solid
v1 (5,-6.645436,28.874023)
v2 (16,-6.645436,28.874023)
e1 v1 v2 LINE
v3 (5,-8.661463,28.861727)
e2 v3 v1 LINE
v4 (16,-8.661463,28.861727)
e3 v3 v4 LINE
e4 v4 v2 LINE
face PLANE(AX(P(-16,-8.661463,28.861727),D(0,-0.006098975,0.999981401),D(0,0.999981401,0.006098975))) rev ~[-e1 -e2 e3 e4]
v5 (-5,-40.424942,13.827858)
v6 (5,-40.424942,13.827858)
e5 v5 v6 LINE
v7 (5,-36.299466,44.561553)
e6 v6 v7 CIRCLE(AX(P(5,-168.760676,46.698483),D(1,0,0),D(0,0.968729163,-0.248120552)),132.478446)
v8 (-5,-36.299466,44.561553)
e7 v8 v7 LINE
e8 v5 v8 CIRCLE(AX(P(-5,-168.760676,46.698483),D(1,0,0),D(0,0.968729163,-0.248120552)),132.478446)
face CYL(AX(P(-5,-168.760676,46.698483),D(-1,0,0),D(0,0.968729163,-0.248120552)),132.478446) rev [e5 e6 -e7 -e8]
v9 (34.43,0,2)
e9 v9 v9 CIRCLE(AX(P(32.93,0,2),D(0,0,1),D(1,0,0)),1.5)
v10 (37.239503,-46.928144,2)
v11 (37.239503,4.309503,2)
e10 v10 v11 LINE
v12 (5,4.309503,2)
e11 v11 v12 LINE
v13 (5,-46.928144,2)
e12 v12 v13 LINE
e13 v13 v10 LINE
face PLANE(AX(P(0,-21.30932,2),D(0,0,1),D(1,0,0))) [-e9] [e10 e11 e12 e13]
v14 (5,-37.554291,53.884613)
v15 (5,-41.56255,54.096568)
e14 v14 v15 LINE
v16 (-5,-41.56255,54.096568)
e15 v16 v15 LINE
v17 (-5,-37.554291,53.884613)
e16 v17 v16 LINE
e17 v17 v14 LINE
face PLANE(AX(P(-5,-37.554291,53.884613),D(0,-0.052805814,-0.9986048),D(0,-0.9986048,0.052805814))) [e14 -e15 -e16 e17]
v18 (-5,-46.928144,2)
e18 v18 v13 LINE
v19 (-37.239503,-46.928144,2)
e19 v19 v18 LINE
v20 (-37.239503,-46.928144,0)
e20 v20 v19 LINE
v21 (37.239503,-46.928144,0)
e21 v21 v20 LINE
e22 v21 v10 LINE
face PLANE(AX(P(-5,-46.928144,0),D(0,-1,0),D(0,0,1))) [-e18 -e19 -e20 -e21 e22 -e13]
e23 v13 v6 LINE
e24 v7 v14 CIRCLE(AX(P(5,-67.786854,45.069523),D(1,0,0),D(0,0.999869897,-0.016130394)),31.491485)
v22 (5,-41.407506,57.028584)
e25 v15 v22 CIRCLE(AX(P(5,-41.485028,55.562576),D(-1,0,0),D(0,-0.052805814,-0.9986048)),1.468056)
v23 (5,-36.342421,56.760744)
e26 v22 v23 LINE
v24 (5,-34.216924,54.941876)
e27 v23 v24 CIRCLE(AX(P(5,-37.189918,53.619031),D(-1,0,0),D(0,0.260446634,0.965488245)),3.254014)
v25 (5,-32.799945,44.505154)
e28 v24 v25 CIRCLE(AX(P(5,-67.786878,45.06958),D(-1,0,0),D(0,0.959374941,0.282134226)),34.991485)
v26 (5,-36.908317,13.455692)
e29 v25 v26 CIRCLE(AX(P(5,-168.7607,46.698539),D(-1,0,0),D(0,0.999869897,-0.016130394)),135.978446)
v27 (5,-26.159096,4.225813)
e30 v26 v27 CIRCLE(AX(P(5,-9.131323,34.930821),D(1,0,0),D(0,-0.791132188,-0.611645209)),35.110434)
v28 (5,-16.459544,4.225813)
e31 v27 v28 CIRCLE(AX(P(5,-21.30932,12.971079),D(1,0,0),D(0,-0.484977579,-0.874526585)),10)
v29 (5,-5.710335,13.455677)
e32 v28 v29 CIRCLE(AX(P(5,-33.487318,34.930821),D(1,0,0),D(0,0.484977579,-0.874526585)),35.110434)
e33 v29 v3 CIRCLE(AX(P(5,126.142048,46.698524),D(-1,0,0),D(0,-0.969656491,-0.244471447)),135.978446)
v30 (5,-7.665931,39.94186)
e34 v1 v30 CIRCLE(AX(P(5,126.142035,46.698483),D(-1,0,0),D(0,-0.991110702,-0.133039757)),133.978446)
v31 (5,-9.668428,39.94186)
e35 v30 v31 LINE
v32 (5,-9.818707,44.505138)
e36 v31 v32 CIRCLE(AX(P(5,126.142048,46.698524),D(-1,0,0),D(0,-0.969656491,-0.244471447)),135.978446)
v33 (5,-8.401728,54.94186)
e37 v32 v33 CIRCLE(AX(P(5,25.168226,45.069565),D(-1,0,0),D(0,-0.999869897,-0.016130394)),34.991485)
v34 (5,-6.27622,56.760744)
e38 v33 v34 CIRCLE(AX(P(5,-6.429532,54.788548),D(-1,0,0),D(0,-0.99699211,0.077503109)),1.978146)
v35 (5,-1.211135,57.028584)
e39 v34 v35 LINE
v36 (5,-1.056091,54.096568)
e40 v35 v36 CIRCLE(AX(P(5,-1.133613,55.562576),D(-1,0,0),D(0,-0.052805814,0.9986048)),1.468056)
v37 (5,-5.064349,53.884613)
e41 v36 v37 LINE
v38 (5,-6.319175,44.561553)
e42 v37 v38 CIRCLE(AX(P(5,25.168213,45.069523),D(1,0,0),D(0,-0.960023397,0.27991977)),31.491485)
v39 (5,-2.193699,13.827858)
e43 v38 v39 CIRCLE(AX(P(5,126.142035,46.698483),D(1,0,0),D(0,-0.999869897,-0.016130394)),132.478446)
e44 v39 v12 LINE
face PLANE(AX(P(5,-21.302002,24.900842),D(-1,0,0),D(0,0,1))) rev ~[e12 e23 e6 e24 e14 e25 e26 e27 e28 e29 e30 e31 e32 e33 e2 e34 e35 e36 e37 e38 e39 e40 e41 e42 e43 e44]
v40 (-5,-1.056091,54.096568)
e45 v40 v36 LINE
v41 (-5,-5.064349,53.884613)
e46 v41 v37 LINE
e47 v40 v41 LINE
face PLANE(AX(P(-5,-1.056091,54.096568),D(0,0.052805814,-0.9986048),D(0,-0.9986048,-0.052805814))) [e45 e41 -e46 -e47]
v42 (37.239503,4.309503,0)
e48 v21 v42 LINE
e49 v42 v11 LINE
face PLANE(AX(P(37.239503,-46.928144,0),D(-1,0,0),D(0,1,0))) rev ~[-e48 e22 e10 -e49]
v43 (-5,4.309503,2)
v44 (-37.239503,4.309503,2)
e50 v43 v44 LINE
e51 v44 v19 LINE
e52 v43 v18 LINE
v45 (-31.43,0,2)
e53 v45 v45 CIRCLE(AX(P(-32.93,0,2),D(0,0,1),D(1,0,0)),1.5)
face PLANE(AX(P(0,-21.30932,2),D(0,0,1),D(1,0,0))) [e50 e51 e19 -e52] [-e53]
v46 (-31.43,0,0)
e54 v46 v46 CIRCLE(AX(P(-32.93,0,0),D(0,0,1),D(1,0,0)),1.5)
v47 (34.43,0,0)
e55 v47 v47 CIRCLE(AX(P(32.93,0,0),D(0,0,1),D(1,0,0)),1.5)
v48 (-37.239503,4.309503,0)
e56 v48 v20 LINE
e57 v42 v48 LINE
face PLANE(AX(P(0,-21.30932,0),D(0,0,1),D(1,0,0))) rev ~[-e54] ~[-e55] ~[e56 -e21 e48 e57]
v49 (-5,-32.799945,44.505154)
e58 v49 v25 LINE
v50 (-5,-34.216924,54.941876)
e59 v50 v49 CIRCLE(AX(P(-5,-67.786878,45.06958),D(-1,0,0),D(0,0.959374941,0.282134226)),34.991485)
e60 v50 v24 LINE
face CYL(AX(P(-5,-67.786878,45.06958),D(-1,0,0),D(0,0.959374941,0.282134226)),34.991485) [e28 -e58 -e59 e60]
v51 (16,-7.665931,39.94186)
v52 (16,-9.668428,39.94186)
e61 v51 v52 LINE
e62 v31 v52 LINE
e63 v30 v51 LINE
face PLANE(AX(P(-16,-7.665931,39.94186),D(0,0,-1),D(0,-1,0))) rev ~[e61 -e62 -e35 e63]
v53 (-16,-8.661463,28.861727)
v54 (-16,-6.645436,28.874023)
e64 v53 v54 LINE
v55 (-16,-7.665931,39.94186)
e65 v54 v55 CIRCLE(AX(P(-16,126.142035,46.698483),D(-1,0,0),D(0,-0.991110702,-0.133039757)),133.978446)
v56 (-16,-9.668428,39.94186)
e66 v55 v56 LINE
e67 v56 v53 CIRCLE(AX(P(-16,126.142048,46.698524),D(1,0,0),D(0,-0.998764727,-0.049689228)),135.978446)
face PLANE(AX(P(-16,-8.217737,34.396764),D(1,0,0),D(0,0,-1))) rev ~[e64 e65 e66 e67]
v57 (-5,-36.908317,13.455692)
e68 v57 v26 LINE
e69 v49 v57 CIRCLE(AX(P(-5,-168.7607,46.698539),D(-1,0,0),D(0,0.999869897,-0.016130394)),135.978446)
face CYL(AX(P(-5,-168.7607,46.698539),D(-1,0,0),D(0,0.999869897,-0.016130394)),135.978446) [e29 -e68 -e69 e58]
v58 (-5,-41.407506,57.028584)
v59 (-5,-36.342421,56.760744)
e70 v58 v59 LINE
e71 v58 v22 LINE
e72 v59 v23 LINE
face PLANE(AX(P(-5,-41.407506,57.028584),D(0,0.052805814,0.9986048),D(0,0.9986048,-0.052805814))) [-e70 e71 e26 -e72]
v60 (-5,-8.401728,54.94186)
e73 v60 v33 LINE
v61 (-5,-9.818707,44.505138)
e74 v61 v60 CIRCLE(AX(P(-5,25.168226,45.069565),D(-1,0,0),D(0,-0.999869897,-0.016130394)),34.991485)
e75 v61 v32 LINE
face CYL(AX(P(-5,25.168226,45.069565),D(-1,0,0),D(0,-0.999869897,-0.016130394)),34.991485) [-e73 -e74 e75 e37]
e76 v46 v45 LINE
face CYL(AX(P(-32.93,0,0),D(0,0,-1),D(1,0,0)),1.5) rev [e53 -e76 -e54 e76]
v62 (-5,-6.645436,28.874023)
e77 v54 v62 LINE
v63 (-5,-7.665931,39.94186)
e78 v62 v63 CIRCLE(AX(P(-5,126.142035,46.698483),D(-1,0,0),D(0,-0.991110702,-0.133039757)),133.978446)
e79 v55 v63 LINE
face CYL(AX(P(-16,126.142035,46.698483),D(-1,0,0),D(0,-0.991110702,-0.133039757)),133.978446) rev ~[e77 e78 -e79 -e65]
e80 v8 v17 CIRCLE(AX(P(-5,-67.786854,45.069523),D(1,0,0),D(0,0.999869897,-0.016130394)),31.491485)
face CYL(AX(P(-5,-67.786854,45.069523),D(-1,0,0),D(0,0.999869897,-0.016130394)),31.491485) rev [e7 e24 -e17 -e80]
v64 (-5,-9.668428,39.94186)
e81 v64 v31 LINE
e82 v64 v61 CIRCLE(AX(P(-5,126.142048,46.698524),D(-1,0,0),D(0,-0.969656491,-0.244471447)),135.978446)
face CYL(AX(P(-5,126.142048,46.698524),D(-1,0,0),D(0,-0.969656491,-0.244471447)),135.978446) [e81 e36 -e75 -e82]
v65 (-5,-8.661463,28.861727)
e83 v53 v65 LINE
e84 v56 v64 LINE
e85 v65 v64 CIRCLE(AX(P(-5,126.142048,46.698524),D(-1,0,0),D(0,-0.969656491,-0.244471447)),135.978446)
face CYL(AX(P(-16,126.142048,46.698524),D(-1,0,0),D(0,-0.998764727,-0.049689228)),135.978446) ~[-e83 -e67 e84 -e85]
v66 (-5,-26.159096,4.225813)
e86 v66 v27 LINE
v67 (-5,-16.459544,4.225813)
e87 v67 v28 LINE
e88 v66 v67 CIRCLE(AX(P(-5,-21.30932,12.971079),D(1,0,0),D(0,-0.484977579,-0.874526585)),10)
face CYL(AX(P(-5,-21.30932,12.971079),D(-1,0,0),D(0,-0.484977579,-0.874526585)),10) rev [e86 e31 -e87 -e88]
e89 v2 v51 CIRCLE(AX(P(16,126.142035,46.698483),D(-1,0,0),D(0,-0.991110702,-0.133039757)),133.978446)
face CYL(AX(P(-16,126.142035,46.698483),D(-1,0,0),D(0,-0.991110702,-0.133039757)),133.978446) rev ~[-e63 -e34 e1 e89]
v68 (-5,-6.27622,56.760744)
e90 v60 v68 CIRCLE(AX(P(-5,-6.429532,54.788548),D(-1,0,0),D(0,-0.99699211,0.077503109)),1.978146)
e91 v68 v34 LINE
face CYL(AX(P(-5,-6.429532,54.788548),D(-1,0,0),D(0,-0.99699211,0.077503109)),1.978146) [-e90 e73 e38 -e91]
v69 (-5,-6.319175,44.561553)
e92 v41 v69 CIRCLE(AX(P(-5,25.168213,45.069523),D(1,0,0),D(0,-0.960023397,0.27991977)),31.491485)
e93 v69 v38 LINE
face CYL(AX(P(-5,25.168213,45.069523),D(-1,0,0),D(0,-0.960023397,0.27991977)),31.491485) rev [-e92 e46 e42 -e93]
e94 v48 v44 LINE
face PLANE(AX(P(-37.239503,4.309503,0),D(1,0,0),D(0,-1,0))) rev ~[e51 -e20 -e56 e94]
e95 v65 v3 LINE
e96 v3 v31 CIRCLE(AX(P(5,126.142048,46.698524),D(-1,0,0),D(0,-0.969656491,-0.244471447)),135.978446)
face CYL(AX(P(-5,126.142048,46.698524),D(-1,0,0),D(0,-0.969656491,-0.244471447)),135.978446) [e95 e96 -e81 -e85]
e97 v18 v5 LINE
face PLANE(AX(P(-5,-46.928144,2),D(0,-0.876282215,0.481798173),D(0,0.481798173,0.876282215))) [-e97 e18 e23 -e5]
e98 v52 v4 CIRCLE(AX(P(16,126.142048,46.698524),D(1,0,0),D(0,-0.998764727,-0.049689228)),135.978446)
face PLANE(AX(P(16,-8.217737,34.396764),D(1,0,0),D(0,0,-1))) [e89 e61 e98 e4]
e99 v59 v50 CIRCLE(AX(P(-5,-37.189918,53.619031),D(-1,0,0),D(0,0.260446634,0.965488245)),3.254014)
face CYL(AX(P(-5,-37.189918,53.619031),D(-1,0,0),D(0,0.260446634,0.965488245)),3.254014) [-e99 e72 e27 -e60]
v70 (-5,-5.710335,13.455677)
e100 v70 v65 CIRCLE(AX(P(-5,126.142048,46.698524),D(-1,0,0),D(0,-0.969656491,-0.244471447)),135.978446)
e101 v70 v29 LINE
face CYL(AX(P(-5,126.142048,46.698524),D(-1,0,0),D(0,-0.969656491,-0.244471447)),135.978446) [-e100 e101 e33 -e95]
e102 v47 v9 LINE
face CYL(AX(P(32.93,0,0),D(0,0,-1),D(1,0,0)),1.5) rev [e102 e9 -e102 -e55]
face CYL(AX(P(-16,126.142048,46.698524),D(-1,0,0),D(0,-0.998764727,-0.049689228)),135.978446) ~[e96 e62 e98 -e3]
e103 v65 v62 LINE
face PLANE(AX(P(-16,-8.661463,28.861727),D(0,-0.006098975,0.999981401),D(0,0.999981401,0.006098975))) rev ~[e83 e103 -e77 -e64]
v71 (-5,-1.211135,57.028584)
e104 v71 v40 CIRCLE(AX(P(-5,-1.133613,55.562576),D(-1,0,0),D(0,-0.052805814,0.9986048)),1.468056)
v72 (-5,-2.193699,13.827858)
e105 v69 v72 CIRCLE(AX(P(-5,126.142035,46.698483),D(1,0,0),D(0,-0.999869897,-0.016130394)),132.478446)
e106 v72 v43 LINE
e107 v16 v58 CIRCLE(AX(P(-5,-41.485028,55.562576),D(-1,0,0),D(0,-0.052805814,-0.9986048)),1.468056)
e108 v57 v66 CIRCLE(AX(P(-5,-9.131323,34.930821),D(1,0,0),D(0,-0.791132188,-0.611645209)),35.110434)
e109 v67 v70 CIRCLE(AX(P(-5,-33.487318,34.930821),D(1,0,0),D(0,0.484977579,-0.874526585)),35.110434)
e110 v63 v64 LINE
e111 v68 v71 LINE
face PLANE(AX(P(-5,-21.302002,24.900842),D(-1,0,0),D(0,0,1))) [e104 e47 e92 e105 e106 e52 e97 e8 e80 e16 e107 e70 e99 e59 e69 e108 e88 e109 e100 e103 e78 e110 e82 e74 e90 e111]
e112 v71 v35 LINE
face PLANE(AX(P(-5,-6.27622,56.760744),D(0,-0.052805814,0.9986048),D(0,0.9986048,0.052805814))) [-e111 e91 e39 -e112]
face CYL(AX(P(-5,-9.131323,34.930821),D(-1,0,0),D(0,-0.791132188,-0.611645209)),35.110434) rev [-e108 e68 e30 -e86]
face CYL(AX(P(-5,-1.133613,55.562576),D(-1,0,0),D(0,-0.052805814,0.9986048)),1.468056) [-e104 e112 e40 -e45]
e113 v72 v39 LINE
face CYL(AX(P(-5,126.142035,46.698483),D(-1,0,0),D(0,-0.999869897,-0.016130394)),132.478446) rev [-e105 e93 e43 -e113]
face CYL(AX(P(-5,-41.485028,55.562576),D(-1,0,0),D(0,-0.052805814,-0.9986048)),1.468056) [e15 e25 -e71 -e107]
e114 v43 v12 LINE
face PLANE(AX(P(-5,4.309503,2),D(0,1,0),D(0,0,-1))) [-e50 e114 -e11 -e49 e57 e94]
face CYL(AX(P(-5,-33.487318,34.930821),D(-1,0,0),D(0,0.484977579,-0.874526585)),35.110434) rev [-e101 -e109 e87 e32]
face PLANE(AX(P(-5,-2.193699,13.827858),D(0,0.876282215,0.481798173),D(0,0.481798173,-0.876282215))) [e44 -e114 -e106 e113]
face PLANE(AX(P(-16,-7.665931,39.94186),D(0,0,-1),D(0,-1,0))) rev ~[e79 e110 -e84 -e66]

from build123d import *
from build123d.topology import SkipClean

# Parameters (mm, degrees)
SKETCH1_R                = 1.5
BOSS_EXTRUDE1_DEPTH      = 2
BOSS_EXTRUDE2_DEPTH      = 5
BOSS_EXTRUDE2_DEPTH_BACK = 5
BOSS_EXTRUDE3_DEPTH      = 16
BOSS_EXTRUDE3_DEPTH_BACK = 16


with BuildPart() as part:
    # Sketch1 → Boss-Extrude1 (new body)
    with BuildSketch(Plane.XY):
        Polygon((32.93, 4.3095034), (-32.93, 4.3095034), (-37.2395034, 4.3095034), (-37.2395034, -46.928143845), (37.2395034, -46.928143845), (37.2395034, 4.3095034), align=None)
        with Locations((1.941, -42.566)):
            Circle(SKETCH1_R, mode=Mode.SUBTRACT)
        with Locations((-32.93, 0)):
            Circle(SKETCH1_R, mode=Mode.SUBTRACT)
        with Locations((32.93, 0)):
            Circle(SKETCH1_R, mode=Mode.SUBTRACT)
    extrude(amount=BOSS_EXTRUDE1_DEPTH)

    # Sketch2 → Boss-Extrude2 (add, two sides: drawn at the far end of the back side and taken through both)
    with BuildSketch(Plane(origin=(0, 0, 0), x_dir=(0, 0, -1), z_dir=(1, 0, 0)).offset(-BOSS_EXTRUDE2_DEPTH_BACK)):
        with BuildLine():
            Line((-13.827857709, -2.193698586), (-2, 4.3095034))
            Line((-2, 4.3095034), (0, 4.3095034))
            Line((0, 4.3095034), (0, -46.928143845))
            Line((0, -46.928143845), (-2, -46.928143845))
            Line((-2, -46.928143845), (-13.827857709, -40.424941859))
            ThreePointArc((-13.827857709, -40.424941859), (-29.0735826, -37.459870422), (-44.561553332, -36.299465883))
            ThreePointArc((-44.561553332, -36.299465883), (-49.270202349, -36.576792482), (-53.884612562, -37.55429133))
            Line((-53.884612562, -37.55429133), (-54.096567625, -41.562549641))
            ThreePointArc((-54.096567625, -41.562549641), (-55.64009753, -42.951035737), (-57.028583626, -41.407505832))
            Line((-57.028583626, -41.407505832), (-56.760743998, -36.342420783))
            ThreePointArc((-56.760743998, -36.342420783), (-56.091378633, -35.074236285), (-54.941875511, -34.216923926))
            ThreePointArc((-54.941875511, -34.216923926), (-49.777133912, -33.113502449), (-44.505153577, -32.799945311))
            ThreePointArc((-44.505153577, -32.799945311), (-28.861742138, -33.957189589), (-13.455691977, -36.908317202))
            ThreePointArc((-13.455691977, -36.908317202), (-8.292913419, -32.004111605), (-4.225812769, -26.159096012))
            ThreePointArc((-4.225812769, -26.159096012), (-2.971078619, -21.309320222), (-4.225812769, -16.459544433))
            ThreePointArc((-4.225812769, -16.459544433), (-8.292907204, -10.614536079), (-13.455676881, -5.710334914))
            ThreePointArc((-13.455676881, -5.710334914), (-28.861727042, -8.661462527), (-44.505138481, -9.818706805))
            ThreePointArc((-44.505138481, -9.818706805), (-49.777118817, -9.505149667), (-54.941860415, -8.40172819))
            ThreePointArc((-54.941860415, -8.40172819), (-56.291509436, -7.71567705), (-56.760743998, -6.276219662))
            Line((-56.760743998, -6.276219662), (-57.028583626, -1.211134613))
            ThreePointArc((-57.028583626, -1.211134613), (-55.64009753, 0.332395292), (-54.096567625, -1.056090804))
            Line((-54.096567625, -1.056090804), (-53.884612562, -5.064349115))
            ThreePointArc((-53.884612562, -5.064349115), (-49.270202349, -6.041847963), (-44.561553332, -6.319174562))
            ThreePointArc((-44.561553332, -6.319174562), (-29.0735826, -5.158770023), (-13.827857709, -2.193698586))
        make_face()
    extrude(amount=BOSS_EXTRUDE2_DEPTH + BOSS_EXTRUDE2_DEPTH_BACK)

    # Sketch5 → Boss-Extrude3 (add, two sides: drawn at the far end of the back side and taken through both)
    with SkipClean():  # the faces are left unmerged after this step: merging them gives an invalid solid
        with BuildSketch(Plane(origin=(0, 0, 0), x_dir=(0, 0, -1), z_dir=(1, 0, 0)).offset(-BOSS_EXTRUDE3_DEPTH_BACK)):
            with BuildLine():
                Line((-39.941860415, -7.665931491), (-39.941860415, -9.668427594))
                ThreePointArc((-39.941860415, -9.668427594), (-34.391490644, -9.278314981), (-28.861727042, -8.661462527))
                Line((-28.861727042, -8.661462527), (-28.874022965, -6.645436075))
                ThreePointArc((-28.874022965, -6.645436075), (-34.397354661, -7.270505974), (-39.941860415, -7.665931491))
            make_face()
        extrude(amount=BOSS_EXTRUDE3_DEPTH + BOSS_EXTRUDE3_DEPTH_BACK)


solid = part.part
